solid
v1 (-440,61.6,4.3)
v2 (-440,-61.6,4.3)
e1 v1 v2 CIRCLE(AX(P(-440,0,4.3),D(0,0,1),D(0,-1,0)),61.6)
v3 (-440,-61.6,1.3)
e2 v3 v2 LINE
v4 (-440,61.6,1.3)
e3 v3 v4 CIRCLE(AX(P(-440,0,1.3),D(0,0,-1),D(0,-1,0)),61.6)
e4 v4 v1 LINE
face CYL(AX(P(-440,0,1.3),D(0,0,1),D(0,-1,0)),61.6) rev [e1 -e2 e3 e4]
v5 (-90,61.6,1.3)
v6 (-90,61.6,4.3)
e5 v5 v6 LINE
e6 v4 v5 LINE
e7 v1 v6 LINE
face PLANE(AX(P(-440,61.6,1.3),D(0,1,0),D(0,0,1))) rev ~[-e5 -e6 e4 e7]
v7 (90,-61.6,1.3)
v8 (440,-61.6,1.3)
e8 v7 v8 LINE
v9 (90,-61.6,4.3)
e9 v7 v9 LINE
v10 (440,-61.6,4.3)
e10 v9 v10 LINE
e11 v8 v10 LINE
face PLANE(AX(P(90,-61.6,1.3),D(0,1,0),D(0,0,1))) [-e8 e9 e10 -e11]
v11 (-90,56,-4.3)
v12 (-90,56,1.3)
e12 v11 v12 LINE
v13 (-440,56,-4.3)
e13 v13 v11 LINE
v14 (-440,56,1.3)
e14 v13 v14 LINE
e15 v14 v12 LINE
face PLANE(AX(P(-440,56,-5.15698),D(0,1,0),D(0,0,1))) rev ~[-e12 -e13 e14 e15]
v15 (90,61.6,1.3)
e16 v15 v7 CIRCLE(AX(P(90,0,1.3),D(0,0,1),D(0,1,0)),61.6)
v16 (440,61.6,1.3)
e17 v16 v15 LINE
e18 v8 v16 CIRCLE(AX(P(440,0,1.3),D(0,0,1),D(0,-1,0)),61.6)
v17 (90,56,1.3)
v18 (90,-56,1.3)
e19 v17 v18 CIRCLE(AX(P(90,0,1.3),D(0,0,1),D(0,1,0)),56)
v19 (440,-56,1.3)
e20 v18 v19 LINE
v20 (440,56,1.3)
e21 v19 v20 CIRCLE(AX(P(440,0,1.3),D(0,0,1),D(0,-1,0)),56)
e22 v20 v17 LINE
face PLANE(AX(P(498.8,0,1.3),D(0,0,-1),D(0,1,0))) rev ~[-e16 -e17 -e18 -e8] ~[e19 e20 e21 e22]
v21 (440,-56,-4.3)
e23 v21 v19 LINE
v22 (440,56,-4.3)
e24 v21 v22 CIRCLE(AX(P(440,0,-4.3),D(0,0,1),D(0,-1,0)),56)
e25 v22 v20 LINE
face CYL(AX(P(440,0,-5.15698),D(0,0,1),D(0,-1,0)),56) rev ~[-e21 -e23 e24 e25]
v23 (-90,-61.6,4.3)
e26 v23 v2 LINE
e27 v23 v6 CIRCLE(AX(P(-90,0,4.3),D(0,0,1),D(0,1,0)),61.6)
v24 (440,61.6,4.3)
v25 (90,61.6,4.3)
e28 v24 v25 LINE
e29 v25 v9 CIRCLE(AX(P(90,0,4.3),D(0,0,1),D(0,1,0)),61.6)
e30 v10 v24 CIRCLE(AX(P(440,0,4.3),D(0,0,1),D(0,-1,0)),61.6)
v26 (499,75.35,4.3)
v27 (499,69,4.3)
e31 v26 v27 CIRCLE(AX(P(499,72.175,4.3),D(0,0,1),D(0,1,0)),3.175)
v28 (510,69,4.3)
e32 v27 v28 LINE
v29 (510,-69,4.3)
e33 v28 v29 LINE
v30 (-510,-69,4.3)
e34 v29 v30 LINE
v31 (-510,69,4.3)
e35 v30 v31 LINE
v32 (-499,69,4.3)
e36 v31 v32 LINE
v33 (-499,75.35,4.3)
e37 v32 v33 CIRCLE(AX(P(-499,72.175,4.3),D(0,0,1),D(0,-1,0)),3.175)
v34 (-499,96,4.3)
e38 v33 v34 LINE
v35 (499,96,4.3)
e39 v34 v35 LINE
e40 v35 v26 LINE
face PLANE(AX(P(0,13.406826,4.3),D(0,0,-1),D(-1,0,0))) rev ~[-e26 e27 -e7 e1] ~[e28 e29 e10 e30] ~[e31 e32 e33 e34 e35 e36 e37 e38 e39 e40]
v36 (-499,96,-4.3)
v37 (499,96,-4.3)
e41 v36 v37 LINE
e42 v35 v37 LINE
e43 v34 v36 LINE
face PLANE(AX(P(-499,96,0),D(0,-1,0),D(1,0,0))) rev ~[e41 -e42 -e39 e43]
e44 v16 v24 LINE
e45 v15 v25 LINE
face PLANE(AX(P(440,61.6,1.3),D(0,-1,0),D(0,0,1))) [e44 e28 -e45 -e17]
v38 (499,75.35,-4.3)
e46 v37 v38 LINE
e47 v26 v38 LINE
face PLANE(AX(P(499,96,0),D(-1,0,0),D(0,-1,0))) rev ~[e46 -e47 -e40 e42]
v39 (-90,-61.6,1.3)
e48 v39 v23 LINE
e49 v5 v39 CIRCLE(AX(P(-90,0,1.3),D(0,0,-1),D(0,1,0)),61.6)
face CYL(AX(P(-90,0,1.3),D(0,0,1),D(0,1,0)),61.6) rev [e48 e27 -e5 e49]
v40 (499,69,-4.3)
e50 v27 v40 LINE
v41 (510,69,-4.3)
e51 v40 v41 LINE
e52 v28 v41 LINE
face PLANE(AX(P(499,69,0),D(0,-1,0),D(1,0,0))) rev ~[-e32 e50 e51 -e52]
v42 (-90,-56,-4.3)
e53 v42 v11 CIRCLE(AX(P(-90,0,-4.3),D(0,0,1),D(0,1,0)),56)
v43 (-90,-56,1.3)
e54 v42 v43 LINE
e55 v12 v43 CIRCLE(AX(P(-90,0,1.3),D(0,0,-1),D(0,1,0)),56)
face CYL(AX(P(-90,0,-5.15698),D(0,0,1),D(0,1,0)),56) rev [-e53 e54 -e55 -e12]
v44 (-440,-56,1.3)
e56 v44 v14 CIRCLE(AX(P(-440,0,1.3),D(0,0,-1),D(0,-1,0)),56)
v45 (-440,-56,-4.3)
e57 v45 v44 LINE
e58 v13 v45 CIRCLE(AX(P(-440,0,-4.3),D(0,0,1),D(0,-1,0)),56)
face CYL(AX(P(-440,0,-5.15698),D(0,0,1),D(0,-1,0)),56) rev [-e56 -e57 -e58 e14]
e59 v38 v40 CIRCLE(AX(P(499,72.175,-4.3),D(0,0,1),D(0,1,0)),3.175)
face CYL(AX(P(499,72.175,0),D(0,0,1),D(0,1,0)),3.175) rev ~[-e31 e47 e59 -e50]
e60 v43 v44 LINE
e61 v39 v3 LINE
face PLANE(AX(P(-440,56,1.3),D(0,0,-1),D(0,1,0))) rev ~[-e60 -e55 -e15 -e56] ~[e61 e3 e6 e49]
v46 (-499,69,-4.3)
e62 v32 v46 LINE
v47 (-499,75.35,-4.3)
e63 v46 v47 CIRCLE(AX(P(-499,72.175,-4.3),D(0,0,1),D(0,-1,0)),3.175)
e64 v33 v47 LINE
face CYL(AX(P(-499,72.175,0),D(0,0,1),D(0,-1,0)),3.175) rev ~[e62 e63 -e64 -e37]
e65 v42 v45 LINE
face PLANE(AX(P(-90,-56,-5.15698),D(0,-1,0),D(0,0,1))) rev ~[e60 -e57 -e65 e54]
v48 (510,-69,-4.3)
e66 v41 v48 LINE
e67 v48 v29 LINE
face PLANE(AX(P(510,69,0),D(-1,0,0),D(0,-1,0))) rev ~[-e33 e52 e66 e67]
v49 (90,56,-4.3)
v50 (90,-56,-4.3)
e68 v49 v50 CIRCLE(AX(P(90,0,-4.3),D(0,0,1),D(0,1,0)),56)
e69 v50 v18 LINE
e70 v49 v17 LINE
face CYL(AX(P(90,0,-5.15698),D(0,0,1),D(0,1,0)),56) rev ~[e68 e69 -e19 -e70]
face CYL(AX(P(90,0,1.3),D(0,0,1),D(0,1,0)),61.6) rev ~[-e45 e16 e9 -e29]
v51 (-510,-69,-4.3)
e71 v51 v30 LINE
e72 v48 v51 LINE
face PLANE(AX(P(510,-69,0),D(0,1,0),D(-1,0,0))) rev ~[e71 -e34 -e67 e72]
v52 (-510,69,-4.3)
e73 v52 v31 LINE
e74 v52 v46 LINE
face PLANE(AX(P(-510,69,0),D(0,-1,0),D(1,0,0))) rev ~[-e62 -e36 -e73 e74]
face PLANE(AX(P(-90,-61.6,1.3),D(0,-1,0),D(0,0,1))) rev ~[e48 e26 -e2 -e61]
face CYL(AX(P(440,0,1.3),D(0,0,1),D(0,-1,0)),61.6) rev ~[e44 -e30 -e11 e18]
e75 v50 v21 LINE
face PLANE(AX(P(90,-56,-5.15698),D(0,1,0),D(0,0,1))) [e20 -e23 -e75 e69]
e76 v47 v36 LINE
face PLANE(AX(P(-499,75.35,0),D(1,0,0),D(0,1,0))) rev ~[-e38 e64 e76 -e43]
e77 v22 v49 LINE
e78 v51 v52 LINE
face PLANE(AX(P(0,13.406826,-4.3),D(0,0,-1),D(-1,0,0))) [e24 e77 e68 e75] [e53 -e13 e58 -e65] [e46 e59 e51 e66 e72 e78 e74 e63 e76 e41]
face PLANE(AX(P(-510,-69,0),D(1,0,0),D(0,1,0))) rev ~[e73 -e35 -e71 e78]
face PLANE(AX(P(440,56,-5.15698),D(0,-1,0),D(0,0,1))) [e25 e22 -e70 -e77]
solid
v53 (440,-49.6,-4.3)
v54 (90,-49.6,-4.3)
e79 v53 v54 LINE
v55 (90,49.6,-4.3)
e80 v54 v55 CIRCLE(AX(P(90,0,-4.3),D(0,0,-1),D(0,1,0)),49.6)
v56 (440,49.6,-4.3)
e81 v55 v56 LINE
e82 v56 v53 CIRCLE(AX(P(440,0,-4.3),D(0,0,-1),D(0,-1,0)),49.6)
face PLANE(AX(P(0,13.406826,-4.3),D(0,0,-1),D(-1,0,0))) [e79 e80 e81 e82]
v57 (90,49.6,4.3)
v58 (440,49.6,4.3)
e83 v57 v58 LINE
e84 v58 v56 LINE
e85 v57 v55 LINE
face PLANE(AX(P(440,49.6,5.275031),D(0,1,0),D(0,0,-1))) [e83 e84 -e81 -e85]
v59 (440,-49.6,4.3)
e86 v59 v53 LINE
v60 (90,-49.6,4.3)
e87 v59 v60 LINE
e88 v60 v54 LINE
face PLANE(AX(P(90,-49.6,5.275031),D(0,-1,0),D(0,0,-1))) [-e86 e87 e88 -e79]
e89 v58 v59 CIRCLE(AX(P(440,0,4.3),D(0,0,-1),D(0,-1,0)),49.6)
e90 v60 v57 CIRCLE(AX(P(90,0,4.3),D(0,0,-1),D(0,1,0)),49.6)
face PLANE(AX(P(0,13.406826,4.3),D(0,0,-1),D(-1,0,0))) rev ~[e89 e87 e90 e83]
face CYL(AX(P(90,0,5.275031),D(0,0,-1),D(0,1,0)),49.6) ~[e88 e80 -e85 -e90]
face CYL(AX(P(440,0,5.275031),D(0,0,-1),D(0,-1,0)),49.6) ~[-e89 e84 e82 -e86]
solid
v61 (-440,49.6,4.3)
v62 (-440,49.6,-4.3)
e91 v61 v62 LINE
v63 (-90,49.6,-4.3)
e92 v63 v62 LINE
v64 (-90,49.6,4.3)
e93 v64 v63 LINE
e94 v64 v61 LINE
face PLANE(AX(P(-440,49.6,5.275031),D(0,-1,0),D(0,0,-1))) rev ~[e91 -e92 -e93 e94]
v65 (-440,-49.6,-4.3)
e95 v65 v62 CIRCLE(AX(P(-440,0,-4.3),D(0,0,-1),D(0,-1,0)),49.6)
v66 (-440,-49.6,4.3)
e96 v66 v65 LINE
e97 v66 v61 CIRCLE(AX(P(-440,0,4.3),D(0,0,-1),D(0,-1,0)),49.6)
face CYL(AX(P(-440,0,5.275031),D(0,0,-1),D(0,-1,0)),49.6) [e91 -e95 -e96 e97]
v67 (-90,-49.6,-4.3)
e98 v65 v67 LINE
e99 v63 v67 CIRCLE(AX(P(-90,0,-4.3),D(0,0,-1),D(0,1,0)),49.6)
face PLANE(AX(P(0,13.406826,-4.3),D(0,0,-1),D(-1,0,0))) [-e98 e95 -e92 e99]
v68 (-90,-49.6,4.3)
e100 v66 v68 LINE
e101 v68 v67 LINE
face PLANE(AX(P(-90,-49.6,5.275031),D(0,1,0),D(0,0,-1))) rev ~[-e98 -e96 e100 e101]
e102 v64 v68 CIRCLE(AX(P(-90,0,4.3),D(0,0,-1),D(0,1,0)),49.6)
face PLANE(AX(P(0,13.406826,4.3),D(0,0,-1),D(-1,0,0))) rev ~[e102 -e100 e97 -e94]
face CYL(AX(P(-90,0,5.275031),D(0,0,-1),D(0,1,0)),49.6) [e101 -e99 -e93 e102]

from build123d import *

# Parameters (mm, degrees)
BOSS_EXTRUDE1_DEPTH = 4.3


with BuildPart() as part:
    # Sketch1 → Boss-Extrude1 (new body, symmetric)
    with BuildSketch(Plane.XY):
        with BuildLine():
            Line((-510, 69), (-499, 69))
            ThreePointArc((-499, 69), (-495.825, 72.175), (-499, 75.35))
            Line((-499, 75.35), (-499, 96))
            Line((-499, 96), (499, 96))
            Line((499, 96), (499, 75.35))
            ThreePointArc((499, 75.35), (495.825, 72.175), (499, 69))
            Line((499, 69), (510, 69))
            Line((510, 69), (510, -69))
            Line((510, -69), (-510, -69))
            Line((-510, -69), (-510, 69))
        make_face()
    extrude(amount=BOSS_EXTRUDE1_DEPTH, both=True)

    # Cut-Sweep2: sweep along a path in Sketch2
    with BuildLine(Plane.XY) as cut_sweep2_path:
        Line((-440, 50), (-90, 50))
        ThreePointArc((-90, 50), (-40, 0), (-90, -50))
        Line((-90, -50), (-440, -50))
        ThreePointArc((-440, -50), (-490, 0), (-440, 50))
    # Sketch3 → Cut-Sweep2 (sweep, cut)
    with BuildSketch(Plane(origin=(-440, 0, 0), x_dir=(0, 0, -1), z_dir=(1, 0, 0))):
        Polygon((5.15697951, 56), (0.014113459, 56), (-1.3, 56), (-1.3, 61.6), (-5.275031484, 61.6), (-5.275031484, 49.6), (5.15697951, 49.6), align=None)
    sweep(path=cut_sweep2_path.line, mode=Mode.SUBTRACT)

    # Cut-Sweep3: sweep along a path in Sketch2_3
    with BuildLine(Plane.XY) as cut_sweep3_path:
        Line((440, 50), (90, 50))
        ThreePointArc((90, 50), (40, 0), (90, -50))
        Line((90, -50), (440, -50))
        ThreePointArc((440, -50), (490, 0), (440, 50))
    # Sketch4 → Cut-Sweep3 (sweep, cut)
    with BuildSketch(Plane(origin=(440, 0, 0), x_dir=(0, 0, -1), z_dir=(1, 0, 0))):
        Polygon((0.014113459, 56), (-1.3, 56), (-1.3, 61.6), (-5.275031484, 61.6), (-5.275031484, 49.6), (5.15697951, 49.6), (5.15697951, 56), align=None)
    sweep(path=cut_sweep3_path.line, mode=Mode.SUBTRACT)


solid = part.part
